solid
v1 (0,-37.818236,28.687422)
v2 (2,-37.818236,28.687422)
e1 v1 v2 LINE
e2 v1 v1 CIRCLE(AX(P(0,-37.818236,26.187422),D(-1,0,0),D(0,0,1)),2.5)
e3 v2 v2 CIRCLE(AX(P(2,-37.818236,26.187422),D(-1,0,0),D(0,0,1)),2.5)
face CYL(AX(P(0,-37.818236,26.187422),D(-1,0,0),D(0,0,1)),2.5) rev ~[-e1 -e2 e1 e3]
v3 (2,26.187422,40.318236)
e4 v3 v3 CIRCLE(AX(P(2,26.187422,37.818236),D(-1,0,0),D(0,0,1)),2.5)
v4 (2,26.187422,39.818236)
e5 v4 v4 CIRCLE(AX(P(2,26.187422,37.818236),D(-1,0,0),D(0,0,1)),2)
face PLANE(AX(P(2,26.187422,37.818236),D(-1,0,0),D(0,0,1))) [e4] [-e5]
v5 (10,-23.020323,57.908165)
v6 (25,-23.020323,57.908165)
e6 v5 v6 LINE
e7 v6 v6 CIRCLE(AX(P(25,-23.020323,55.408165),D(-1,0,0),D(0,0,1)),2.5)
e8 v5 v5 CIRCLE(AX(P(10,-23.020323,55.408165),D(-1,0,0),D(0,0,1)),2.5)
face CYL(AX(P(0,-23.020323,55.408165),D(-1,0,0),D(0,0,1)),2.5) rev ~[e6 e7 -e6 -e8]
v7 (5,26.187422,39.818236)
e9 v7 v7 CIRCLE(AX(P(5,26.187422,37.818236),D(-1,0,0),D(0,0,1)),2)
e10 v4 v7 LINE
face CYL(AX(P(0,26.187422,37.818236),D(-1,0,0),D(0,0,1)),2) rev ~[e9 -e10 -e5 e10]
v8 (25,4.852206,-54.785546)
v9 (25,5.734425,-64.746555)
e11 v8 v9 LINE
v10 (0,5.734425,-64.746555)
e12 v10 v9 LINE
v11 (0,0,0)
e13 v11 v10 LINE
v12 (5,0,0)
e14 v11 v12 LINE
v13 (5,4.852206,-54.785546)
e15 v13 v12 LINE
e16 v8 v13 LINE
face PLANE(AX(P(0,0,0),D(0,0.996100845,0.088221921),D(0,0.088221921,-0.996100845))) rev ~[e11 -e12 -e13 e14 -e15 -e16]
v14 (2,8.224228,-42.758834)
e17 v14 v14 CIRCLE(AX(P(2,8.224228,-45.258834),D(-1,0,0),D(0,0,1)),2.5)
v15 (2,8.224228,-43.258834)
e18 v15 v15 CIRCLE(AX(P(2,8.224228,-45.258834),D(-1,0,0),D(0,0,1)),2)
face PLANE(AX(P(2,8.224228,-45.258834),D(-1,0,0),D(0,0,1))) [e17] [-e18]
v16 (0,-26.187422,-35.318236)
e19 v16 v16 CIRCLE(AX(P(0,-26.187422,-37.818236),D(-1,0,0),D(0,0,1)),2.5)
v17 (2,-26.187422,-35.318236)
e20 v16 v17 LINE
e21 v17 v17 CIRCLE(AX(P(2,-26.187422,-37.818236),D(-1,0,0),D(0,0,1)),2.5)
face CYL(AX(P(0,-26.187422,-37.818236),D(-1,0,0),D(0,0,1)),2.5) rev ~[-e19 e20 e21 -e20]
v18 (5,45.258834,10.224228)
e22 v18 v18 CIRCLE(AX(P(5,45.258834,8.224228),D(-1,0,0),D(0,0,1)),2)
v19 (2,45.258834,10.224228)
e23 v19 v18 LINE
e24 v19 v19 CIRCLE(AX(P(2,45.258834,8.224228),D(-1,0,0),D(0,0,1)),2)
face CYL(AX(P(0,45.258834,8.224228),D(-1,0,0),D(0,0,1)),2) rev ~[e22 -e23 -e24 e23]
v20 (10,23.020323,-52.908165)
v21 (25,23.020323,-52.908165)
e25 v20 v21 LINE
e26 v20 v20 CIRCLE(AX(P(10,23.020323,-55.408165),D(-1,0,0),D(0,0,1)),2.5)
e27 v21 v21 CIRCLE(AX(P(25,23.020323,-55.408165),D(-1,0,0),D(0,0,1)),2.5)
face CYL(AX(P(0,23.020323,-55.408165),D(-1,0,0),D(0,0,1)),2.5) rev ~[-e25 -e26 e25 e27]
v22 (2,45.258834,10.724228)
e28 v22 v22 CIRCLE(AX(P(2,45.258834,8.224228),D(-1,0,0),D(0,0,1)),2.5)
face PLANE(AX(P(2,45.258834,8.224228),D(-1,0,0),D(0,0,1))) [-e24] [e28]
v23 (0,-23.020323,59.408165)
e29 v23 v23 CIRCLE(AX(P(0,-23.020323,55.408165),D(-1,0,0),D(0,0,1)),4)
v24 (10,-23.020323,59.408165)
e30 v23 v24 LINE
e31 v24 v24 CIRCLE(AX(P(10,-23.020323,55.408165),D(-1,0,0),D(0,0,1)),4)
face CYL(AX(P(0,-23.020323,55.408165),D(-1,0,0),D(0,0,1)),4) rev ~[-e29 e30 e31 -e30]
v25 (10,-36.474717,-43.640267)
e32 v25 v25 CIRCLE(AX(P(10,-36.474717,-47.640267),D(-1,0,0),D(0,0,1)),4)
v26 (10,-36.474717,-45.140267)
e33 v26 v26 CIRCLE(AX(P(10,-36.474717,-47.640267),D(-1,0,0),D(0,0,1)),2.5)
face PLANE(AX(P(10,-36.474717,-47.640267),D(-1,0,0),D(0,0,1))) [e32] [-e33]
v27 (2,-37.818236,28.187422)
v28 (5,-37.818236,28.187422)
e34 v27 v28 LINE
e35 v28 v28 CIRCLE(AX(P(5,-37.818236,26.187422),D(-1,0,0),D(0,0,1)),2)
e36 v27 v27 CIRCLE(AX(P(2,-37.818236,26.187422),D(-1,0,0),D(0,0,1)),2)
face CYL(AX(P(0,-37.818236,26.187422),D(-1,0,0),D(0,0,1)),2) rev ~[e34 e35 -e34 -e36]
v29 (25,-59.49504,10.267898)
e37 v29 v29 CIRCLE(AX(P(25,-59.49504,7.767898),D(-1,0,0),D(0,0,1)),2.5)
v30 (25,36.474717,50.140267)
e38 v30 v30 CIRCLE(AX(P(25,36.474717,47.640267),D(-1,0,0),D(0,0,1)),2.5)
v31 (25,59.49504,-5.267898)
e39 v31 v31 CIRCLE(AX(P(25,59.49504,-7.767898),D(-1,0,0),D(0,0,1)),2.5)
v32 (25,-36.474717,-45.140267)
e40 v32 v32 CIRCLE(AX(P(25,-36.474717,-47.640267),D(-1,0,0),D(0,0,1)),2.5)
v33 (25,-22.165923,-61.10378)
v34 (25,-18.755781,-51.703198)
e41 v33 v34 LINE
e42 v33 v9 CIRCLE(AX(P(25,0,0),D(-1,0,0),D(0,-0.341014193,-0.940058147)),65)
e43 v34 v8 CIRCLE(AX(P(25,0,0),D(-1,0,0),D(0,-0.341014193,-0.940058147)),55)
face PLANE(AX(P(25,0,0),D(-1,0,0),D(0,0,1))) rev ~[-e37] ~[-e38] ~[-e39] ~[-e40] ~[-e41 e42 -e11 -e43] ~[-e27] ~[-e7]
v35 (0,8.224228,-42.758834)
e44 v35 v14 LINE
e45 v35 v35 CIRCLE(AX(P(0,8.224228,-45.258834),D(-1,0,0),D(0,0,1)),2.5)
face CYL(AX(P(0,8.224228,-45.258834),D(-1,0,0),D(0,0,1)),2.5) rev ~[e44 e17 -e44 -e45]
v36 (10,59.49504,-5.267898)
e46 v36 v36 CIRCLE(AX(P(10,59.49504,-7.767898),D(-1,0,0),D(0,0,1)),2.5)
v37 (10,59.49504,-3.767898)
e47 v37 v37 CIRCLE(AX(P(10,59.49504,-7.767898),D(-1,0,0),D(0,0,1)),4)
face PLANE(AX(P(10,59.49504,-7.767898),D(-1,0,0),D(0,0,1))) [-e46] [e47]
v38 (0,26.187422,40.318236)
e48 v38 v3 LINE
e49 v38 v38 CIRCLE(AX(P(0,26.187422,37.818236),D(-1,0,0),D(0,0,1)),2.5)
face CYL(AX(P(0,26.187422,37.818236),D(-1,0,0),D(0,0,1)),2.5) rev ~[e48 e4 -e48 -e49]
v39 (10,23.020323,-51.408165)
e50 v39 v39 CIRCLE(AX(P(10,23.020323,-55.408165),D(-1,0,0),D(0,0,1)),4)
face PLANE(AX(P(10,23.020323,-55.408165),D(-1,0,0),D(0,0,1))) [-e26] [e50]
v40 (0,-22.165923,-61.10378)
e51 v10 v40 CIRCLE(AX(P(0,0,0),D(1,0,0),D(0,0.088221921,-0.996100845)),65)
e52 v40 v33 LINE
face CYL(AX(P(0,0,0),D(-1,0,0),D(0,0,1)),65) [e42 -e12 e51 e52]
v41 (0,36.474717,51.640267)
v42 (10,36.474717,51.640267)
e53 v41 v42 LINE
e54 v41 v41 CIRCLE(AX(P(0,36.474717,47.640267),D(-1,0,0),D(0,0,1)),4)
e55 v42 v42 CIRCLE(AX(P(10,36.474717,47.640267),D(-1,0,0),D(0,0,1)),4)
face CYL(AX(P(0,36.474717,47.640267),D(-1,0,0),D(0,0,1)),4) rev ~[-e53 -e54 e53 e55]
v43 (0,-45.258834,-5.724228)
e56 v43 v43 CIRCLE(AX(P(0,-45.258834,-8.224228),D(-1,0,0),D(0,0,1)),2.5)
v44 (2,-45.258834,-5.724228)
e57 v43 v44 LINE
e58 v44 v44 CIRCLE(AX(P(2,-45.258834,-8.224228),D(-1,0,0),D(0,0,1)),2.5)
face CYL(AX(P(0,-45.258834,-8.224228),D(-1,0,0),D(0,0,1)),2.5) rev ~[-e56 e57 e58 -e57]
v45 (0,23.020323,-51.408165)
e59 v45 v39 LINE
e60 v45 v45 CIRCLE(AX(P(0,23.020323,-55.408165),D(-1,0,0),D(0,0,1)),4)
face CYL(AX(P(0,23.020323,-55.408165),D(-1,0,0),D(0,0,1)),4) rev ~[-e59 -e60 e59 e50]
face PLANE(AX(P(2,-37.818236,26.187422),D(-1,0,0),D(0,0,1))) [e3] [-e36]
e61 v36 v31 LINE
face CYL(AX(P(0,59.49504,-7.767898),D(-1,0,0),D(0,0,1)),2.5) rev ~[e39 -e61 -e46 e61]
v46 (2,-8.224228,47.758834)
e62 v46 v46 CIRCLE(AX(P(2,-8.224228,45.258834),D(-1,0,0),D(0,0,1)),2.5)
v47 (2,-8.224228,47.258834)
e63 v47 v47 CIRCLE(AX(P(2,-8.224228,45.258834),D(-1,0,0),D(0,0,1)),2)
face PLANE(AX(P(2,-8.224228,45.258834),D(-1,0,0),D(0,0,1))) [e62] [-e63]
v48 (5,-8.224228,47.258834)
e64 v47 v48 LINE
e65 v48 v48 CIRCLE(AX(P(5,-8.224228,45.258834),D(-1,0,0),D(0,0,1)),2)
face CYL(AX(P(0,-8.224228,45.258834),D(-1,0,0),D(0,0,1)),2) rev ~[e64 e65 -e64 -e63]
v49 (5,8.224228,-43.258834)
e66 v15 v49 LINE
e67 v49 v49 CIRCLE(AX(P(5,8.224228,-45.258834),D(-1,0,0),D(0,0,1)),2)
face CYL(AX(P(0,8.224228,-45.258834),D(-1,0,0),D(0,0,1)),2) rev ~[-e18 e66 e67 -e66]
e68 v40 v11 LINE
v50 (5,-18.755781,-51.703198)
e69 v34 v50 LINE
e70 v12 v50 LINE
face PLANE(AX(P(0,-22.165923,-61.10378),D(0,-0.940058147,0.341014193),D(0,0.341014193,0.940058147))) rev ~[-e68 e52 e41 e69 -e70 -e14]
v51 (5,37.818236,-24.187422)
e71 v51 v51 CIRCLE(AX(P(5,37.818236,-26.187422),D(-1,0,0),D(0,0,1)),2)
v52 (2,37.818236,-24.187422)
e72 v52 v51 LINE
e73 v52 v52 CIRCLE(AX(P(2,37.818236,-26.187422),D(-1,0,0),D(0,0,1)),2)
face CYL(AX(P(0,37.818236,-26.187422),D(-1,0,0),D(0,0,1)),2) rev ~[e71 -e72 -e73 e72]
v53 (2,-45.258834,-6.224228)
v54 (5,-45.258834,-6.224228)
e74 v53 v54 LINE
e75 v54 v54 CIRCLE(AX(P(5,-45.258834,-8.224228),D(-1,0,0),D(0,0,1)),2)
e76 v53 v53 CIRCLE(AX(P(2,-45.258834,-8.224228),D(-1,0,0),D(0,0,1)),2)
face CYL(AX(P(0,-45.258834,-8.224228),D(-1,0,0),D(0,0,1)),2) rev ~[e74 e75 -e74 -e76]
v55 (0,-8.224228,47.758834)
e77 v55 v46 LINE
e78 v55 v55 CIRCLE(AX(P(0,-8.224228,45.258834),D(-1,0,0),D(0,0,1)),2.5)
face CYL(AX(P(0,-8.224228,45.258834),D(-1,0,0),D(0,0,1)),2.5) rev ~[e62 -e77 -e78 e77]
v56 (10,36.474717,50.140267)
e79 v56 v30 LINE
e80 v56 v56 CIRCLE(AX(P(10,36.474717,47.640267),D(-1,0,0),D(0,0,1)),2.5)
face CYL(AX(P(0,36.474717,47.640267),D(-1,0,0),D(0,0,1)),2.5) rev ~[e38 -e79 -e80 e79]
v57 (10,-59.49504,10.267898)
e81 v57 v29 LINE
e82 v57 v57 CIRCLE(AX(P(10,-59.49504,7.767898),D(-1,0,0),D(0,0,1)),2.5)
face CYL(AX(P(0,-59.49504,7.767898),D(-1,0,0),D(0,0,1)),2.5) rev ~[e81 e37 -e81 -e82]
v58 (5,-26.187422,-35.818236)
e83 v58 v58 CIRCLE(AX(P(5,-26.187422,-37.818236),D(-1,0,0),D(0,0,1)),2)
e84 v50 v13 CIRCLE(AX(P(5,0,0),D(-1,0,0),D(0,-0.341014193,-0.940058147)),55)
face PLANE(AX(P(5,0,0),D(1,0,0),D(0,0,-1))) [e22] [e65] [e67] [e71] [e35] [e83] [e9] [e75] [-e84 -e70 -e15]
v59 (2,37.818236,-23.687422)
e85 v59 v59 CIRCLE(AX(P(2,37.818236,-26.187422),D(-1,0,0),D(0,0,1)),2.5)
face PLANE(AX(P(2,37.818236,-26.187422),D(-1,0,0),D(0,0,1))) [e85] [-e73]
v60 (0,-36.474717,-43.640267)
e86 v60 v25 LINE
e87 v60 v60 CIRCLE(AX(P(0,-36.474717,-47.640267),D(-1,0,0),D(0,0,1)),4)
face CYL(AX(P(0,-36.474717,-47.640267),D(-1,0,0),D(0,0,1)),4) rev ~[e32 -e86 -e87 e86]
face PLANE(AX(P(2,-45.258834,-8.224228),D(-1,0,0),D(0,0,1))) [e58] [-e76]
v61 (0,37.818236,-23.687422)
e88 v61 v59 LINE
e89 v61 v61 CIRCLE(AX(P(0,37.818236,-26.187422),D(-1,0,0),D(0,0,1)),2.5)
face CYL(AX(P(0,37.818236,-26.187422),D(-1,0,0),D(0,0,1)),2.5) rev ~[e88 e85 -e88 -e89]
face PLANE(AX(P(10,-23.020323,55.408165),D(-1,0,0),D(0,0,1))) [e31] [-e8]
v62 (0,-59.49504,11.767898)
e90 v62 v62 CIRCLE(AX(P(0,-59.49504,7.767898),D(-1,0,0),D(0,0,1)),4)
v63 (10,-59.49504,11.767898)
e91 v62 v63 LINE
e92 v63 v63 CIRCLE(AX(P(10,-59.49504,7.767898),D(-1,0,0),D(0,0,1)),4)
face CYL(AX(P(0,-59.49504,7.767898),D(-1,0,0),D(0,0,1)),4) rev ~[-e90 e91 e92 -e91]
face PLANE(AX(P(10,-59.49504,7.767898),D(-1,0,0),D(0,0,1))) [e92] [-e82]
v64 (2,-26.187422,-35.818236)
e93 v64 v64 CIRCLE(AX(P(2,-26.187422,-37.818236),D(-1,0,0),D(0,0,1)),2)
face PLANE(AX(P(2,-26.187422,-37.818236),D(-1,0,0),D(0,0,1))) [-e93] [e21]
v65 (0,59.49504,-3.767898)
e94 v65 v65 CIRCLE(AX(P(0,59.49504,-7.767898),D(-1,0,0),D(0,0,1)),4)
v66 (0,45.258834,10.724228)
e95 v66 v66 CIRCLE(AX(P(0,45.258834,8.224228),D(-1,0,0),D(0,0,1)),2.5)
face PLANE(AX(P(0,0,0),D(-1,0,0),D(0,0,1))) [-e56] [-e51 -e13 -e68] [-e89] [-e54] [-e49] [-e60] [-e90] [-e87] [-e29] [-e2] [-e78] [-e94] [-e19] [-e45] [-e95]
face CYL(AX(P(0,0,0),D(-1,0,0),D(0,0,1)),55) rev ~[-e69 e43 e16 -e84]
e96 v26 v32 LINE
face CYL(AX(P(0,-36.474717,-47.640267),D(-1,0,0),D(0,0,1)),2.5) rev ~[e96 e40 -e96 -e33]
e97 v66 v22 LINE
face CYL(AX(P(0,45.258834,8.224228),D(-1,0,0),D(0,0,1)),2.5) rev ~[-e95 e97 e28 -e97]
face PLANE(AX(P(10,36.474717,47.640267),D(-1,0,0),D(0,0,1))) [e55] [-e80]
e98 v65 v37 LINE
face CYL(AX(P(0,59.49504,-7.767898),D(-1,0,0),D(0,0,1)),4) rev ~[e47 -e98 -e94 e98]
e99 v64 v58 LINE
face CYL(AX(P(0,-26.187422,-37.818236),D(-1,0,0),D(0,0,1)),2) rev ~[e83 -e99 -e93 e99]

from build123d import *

# Parameters (mm, degrees)
SKETCH_1_R          = 55
EXTRUDE_1_DEPTH     = 5
SKETCH_2_R          = 65
SKETCH_2_R_2        = 60
SKETCH_2_R_3        = 55
EXTRUDE_2_DEPTH     = 25
SKETCH_3_R          = 2.5
CUT_EXTRUDE_1_DEPTH = 96.262794416
SKETCH_4_R          = 4
SKETCH_4_R_2        = 2.5
CUT_EXTRUDE_2_DEPTH = 10
CUT_EXTRUDE_3_REACH = 97.263
SKETCH_5_R          = 2
SKETCH_6_R          = 2.5
CUT_EXTRUDE_4_DEPTH = 2
CUT_EXTRUDE_5_DEPTH = 96.262794416


with BuildPart() as part:
    # 草图1 → 凸台-拉伸1 (new body)
    with BuildSketch(Plane(origin=(0, 0, 0), x_dir=(0, 0, -1), z_dir=(1, 0, 0))):
        Circle(SKETCH_1_R)
    extrude(amount=EXTRUDE_1_DEPTH)

    # 草图2 → 凸台-拉伸2 (add)
    # profile 1 of 2: a face of its own
    with BuildSketch(Plane.ZY):
        Circle(SKETCH_2_R)
        Circle(SKETCH_2_R_2, mode=Mode.SUBTRACT)
    # profile 2 of 2: a face of its own
    with BuildSketch(Plane.ZY):
        Circle(SKETCH_2_R_2)
        Circle(SKETCH_2_R_3, mode=Mode.SUBTRACT)
    extrude(amount=-EXTRUDE_2_DEPTH)

    # 草图3 → 切除-拉伸1 (cut, through all)
    with BuildSketch(Plane.ZY):
        with Locations((-7.767898365, 59.495039751)):
            Circle(SKETCH_3_R)
        with Locations((47.640266641, 36.474717194)):
            Circle(SKETCH_3_R)
        with Locations((55.408165006, -23.020322557)):
            Circle(SKETCH_3_R)
        with Locations((7.767898365, -59.495039751)):
            Circle(SKETCH_3_R)
        with Locations((-47.640266641, -36.474717194)):
            Circle(SKETCH_3_R)
        with Locations((-55.408165006, 23.020322557)):
            Circle(SKETCH_3_R)
    extrude(amount=-CUT_EXTRUDE_1_DEPTH, mode=Mode.SUBTRACT)

    # 草图4 → 切除-拉伸2 (cut)
    # profile 1 of 6: a face of its own
    with BuildSketch(Plane.ZY):
        with Locations((55.408165006, -23.020322557)):
            Circle(SKETCH_4_R)
        with Locations((55.408165006, -23.020322557)):
            Circle(SKETCH_4_R_2, mode=Mode.SUBTRACT)
    # profile 2 of 6: a face of its own
    with BuildSketch(Plane.ZY):
        with Locations((47.640266641, 36.474717194)):
            Circle(SKETCH_4_R)
        with Locations((47.640266641, 36.474717194)):
            Circle(SKETCH_4_R_2, mode=Mode.SUBTRACT)
    # profile 3 of 6: a face of its own
    with BuildSketch(Plane.ZY):
        with Locations((-7.767898365, 59.495039751)):
            Circle(SKETCH_4_R)
        with Locations((-7.767898365, 59.495039751)):
            Circle(SKETCH_4_R_2, mode=Mode.SUBTRACT)
    # profile 4 of 6: a face of its own
    with BuildSketch(Plane.ZY):
        with Locations((-55.408165006, 23.020322557)):
            Circle(SKETCH_4_R)
        with Locations((-55.408165006, 23.020322557)):
            Circle(SKETCH_4_R_2, mode=Mode.SUBTRACT)
    # profile 5 of 6: a face of its own
    with BuildSketch(Plane.ZY):
        with Locations((-47.640266641, -36.474717194)):
            Circle(SKETCH_4_R)
        with Locations((-47.640266641, -36.474717194)):
            Circle(SKETCH_4_R_2, mode=Mode.SUBTRACT)
    # profile 6 of 6: a face of its own
    with BuildSketch(Plane.ZY):
        with Locations((7.767898365, -59.495039751)):
            Circle(SKETCH_4_R)
    extrude(amount=-CUT_EXTRUDE_2_DEPTH, mode=Mode.SUBTRACT)

    # 草图5 → 切除-拉伸3 (cut, up to next)
    with BuildSketch(Plane.ZY, mode=Mode.PRIVATE) as cut_extrude_3_sk1:
        with Locations((-26.187421569, 37.818235702)):
            Circle(SKETCH_5_R)
    cut_extrude_3_tool1 = extrude(cut_extrude_3_sk1.sketch, amount=-CUT_EXTRUDE_3_REACH, mode=Mode.PRIVATE) & part.part
    # 草图5 → 切除-拉伸3 (cut, up to next)
    with BuildSketch(Plane.ZY, mode=Mode.PRIVATE) as cut_extrude_3_sk2:
        with Locations((8.224227544, 45.25883429)):
            Circle(SKETCH_5_R)
    cut_extrude_3_tool2 = extrude(cut_extrude_3_sk2.sketch, amount=-CUT_EXTRUDE_3_REACH, mode=Mode.PRIVATE) & part.part
    # 草图5 → 切除-拉伸3 (cut, up to next)
    with BuildSketch(Plane.ZY, mode=Mode.PRIVATE) as cut_extrude_3_sk3:
        with Locations((37.818235702, 26.187421569)):
            Circle(SKETCH_5_R)
    cut_extrude_3_tool3 = extrude(cut_extrude_3_sk3.sketch, amount=-CUT_EXTRUDE_3_REACH, mode=Mode.PRIVATE) & part.part
    # 草图5 → 切除-拉伸3 (cut, up to next)
    with BuildSketch(Plane.ZY, mode=Mode.PRIVATE) as cut_extrude_3_sk4:
        with Locations((45.25883429, -8.224227544)):
            Circle(SKETCH_5_R)
    cut_extrude_3_tool4 = extrude(cut_extrude_3_sk4.sketch, amount=-CUT_EXTRUDE_3_REACH, mode=Mode.PRIVATE) & part.part
    # 草图5 → 切除-拉伸3 (cut, up to next)
    with BuildSketch(Plane.ZY, mode=Mode.PRIVATE) as cut_extrude_3_sk5:
        with Locations((26.187421569, -37.818235702)):
            Circle(SKETCH_5_R)
    cut_extrude_3_tool5 = extrude(cut_extrude_3_sk5.sketch, amount=-CUT_EXTRUDE_3_REACH, mode=Mode.PRIVATE) & part.part
    # 草图5 → 切除-拉伸3 (cut, up to next)
    with BuildSketch(Plane.ZY, mode=Mode.PRIVATE) as cut_extrude_3_sk6:
        with Locations((-8.224227544, -45.25883429)):
            Circle(SKETCH_5_R)
    cut_extrude_3_tool6 = extrude(cut_extrude_3_sk6.sketch, amount=-CUT_EXTRUDE_3_REACH, mode=Mode.PRIVATE) & part.part
    # 草图5 → 切除-拉伸3 (cut, up to next)
    with BuildSketch(Plane.ZY, mode=Mode.PRIVATE) as cut_extrude_3_sk7:
        with Locations((-37.818235702, -26.187421569)):
            Circle(SKETCH_5_R)
    cut_extrude_3_tool7 = extrude(cut_extrude_3_sk7.sketch, amount=-CUT_EXTRUDE_3_REACH, mode=Mode.PRIVATE) & part.part
    # 草图5 → 切除-拉伸3 (cut, up to next)
    with BuildSketch(Plane.ZY, mode=Mode.PRIVATE) as cut_extrude_3_sk8:
        with Locations((-45.25883429, 8.224227544)):
            Circle(SKETCH_5_R)
    cut_extrude_3_tool8 = extrude(cut_extrude_3_sk8.sketch, amount=-CUT_EXTRUDE_3_REACH, mode=Mode.PRIVATE) & part.part
    add(cut_extrude_3_tool1.solids().sort_by_distance((0, 37.818236, -26.187422))[0], mode=Mode.SUBTRACT)
    add(cut_extrude_3_tool2.solids().sort_by_distance((0, 45.258834, 8.224228))[0], mode=Mode.SUBTRACT)
    add(cut_extrude_3_tool3.solids().sort_by_distance((0, 26.187422, 37.818236))[0], mode=Mode.SUBTRACT)
    add(cut_extrude_3_tool4.solids().sort_by_distance((0, -8.224228, 45.258834))[0], mode=Mode.SUBTRACT)
    add(cut_extrude_3_tool5.solids().sort_by_distance((0, -37.818236, 26.187422))[0], mode=Mode.SUBTRACT)
    add(cut_extrude_3_tool6.solids().sort_by_distance((0, -45.258834, -8.224228))[0], mode=Mode.SUBTRACT)
    add(cut_extrude_3_tool7.solids().sort_by_distance((0, -26.187422, -37.818236))[0], mode=Mode.SUBTRACT)
    add(cut_extrude_3_tool8.solids().sort_by_distance((0, 8.224228, -45.258834))[0], mode=Mode.SUBTRACT)

    # 草图6 → 切除-拉伸4 (cut)
    with BuildSketch(Plane.ZY):
        with Locations((8.224227544, 45.25883429)):
            Circle(SKETCH_6_R)
        with Locations((37.818235702, 26.187421569)):
            Circle(SKETCH_6_R)
        with Locations((45.25883429, -8.224227544)):
            Circle(SKETCH_6_R)
        with Locations((26.187421569, -37.818235702)):
            Circle(SKETCH_6_R)
        with Locations((-8.224227544, -45.25883429)):
            Circle(SKETCH_6_R)
        with Locations((-37.818235702, -26.187421569)):
            Circle(SKETCH_6_R)
        with Locations((-45.25883429, 8.224227544)):
            Circle(SKETCH_6_R)
        with Locations((-26.187421569, 37.818235702)):
            Circle(SKETCH_6_R)
    extrude(amount=-CUT_EXTRUDE_4_DEPTH, mode=Mode.SUBTRACT)

    # 草图8 → 切除-拉伸5 (cut, through all)
    with BuildSketch(Plane.ZY):
        with BuildLine():
            Line((-61.103779565, -22.165922559), (-64.746554899, 5.734424884))
            ThreePointArc((-64.746554899, 5.734424884), (-64.45295973, -8.415223229), (-61.103779565, -22.165922559))
        make_face()
        Polygon((-64.746554899, 5.734424884), (-61.103779565, -22.165922559), (0, 0), align=None)
    extrude(amount=-CUT_EXTRUDE_5_DEPTH, mode=Mode.SUBTRACT)


solid = part.part
